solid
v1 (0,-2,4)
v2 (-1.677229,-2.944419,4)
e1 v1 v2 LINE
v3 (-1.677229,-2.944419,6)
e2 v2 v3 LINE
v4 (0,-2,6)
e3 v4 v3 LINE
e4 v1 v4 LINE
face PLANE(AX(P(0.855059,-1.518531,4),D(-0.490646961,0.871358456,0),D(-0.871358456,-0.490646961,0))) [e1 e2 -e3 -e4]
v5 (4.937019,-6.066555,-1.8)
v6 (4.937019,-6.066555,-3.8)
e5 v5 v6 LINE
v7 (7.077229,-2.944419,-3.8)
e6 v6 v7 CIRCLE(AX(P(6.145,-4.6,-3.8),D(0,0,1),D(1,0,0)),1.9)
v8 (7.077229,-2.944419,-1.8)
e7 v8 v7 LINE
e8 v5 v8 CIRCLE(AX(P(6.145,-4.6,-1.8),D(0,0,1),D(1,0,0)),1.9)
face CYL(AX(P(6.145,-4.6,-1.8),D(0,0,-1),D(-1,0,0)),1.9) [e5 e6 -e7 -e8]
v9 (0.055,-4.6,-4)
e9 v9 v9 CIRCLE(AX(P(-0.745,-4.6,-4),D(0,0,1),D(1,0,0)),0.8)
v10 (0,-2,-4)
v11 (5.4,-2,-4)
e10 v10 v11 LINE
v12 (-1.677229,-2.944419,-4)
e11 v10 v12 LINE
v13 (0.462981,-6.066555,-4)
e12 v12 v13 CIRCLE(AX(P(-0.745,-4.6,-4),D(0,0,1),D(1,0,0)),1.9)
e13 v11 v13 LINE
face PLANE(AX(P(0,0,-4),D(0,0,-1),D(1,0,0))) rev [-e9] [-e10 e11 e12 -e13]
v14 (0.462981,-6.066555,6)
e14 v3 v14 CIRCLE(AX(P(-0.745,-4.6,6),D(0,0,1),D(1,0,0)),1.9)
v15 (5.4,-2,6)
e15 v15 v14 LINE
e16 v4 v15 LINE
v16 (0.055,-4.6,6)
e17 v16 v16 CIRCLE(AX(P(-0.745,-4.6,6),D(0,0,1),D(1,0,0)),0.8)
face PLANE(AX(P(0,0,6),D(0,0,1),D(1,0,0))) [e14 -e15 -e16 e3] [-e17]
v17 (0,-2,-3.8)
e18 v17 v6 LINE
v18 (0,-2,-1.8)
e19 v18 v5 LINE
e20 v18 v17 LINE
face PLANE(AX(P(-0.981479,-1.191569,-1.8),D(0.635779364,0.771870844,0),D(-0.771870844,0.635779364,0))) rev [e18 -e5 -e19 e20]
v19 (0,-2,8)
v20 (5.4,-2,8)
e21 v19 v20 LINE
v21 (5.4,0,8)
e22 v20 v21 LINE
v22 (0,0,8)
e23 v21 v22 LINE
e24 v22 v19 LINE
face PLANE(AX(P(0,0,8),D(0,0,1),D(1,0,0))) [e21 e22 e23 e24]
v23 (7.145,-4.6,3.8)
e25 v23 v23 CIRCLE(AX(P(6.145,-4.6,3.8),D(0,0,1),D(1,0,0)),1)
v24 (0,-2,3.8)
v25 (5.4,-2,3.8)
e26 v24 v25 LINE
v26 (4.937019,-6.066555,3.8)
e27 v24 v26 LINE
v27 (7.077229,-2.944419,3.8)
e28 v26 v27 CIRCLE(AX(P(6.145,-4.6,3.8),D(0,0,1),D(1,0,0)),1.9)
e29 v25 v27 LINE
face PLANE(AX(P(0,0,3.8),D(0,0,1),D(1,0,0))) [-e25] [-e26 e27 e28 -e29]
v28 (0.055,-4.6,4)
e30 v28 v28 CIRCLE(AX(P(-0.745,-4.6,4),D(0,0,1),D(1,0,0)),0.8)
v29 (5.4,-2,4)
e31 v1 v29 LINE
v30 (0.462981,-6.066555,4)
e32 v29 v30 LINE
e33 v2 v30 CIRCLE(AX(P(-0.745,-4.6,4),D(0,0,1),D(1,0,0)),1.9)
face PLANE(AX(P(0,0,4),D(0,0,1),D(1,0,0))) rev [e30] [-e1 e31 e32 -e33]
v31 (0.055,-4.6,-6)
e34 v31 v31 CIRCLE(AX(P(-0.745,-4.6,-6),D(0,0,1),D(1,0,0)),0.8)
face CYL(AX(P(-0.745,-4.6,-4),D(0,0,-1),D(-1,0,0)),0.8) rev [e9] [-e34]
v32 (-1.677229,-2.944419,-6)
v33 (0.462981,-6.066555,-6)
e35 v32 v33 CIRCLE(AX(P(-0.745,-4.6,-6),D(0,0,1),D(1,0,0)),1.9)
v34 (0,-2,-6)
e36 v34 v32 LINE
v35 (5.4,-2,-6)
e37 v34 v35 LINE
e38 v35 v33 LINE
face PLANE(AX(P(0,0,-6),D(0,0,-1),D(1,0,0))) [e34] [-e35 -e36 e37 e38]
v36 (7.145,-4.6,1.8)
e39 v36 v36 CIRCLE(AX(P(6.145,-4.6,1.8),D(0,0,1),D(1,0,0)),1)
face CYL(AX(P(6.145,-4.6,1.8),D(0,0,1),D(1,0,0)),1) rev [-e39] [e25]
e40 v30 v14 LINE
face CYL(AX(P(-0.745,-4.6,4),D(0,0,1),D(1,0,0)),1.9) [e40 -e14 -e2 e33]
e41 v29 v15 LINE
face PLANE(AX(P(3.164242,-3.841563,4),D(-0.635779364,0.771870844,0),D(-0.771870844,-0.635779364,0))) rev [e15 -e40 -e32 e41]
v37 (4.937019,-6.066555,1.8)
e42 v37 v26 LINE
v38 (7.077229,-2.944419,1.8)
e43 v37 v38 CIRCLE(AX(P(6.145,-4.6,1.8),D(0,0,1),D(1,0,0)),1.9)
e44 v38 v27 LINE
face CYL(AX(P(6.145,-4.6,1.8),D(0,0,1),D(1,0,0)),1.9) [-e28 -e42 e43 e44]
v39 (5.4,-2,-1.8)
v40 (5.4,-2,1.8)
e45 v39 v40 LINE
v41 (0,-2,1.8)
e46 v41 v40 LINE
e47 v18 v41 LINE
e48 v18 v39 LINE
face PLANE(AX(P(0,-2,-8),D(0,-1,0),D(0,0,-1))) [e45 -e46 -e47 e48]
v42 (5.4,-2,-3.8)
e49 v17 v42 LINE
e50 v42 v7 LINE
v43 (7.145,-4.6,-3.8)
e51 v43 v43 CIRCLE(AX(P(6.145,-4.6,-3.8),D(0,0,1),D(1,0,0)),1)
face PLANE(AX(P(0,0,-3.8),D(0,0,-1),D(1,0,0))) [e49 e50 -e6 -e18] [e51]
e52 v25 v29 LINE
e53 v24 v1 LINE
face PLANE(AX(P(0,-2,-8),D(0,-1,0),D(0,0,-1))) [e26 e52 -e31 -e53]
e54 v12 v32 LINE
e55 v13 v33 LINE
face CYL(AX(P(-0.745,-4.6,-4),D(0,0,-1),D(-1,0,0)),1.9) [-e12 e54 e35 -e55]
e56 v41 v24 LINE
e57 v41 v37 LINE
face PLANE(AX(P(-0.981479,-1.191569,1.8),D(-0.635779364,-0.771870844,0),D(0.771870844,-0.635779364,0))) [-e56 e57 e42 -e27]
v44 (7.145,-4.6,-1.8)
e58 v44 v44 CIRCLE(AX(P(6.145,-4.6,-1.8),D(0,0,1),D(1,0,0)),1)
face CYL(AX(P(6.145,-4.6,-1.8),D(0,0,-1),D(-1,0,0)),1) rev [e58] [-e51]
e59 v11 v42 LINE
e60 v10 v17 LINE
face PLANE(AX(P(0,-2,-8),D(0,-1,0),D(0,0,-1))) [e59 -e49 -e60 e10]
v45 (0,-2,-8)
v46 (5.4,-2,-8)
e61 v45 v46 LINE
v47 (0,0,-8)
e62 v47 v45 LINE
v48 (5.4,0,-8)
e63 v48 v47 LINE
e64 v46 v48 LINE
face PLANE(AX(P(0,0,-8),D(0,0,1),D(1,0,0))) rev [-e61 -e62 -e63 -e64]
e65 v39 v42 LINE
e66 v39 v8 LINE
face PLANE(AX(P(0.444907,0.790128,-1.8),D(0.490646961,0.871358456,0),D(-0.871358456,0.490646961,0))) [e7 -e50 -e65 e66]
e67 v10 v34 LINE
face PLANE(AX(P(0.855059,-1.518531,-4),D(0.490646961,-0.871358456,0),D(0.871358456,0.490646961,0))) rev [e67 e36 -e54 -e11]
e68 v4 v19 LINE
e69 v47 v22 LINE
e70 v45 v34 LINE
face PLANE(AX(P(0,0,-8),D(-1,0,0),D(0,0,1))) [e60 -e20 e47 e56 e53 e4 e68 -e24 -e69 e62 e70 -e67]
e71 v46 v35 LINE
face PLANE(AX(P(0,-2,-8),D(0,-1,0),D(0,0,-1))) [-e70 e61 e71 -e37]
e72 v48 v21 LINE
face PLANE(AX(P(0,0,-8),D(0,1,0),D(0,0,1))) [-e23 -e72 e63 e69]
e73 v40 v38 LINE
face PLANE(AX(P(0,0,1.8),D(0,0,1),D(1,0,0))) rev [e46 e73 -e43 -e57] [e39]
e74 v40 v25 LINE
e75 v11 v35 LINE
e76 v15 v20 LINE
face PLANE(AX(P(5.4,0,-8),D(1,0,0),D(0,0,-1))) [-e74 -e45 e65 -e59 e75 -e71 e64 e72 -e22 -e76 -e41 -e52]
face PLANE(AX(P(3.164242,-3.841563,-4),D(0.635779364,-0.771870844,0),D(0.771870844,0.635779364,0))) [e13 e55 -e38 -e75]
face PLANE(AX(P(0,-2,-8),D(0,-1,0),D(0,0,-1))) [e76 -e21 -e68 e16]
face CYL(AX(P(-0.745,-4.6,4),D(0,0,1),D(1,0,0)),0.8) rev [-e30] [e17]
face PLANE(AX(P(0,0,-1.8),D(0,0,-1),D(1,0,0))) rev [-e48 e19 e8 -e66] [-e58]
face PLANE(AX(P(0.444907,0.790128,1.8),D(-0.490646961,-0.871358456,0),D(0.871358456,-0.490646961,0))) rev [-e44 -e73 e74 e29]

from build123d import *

# Parameters (mm, degrees)
EXTRUDE_1_DEPTH      = 8
EXTRUDE_1_DEPTH_BACK = 8
SKETCH_1_W           = 5.4
SKETCH_1_H           = 2
SKETCH_3_R           = 0.8
EXTRUDE_2_DEPTH      = 2
SKETCH_5_R           = 1
EXTRUDE_3_DEPTH      = 2


with BuildPart() as part:
    # 草图1 → 凸台-拉伸1 (new, two sides: drawn at the far end of the back side and taken through both)
    with BuildSketch(Plane.XY.offset(-EXTRUDE_1_DEPTH_BACK)):
        with Locations((2.7, -1)):
            Rectangle(SKETCH_1_W, SKETCH_1_H)
    extrude(amount=EXTRUDE_1_DEPTH + EXTRUDE_1_DEPTH_BACK)

    # 草图3 → 凸台-拉伸2 (add)
    with BuildSketch(Plane.XY.offset(6)):
        with BuildLine():
            Line((5.4, -2), (0, -2))
            Line((0, -2), (-1.677229227, -2.944418933))
            ThreePointArc((-1.677229227, -2.944418933), (-2.312144702, -5.674270675), (0.462980792, -6.066554604))
            Line((0.462980792, -6.066554604), (5.4, -2))
        make_face()
        with Locations((-0.745, -4.6)):
            Circle(SKETCH_3_R, mode=Mode.SUBTRACT)
    extrude_2 = extrude(amount=-EXTRUDE_2_DEPTH)

    # 草图5 → 凸台-拉伸3 (add)
    with BuildSketch(Plane.XY.offset(3.8)):
        with BuildLine():
            Line((7.077229227, -2.944418933), (5.4, -2))
            Line((5.4, -2), (0, -2))
            Line((0, -2), (4.937019208, -6.066554604))
            ThreePointArc((4.937019208, -6.066554604), (7.712144702, -5.674270675), (7.077229227, -2.944418933))
        make_face()
        with Locations((6.145, -4.6)):
            Circle(SKETCH_5_R, mode=Mode.SUBTRACT)
    extrude_3 = extrude(amount=-EXTRUDE_3_DEPTH)

    # 镜向1: 凸台-拉伸2, 凸台-拉伸3 across plane
    add(extrude_2.mirror(Plane.XY))
    add(extrude_3.mirror(Plane.XY))


solid = part.part
